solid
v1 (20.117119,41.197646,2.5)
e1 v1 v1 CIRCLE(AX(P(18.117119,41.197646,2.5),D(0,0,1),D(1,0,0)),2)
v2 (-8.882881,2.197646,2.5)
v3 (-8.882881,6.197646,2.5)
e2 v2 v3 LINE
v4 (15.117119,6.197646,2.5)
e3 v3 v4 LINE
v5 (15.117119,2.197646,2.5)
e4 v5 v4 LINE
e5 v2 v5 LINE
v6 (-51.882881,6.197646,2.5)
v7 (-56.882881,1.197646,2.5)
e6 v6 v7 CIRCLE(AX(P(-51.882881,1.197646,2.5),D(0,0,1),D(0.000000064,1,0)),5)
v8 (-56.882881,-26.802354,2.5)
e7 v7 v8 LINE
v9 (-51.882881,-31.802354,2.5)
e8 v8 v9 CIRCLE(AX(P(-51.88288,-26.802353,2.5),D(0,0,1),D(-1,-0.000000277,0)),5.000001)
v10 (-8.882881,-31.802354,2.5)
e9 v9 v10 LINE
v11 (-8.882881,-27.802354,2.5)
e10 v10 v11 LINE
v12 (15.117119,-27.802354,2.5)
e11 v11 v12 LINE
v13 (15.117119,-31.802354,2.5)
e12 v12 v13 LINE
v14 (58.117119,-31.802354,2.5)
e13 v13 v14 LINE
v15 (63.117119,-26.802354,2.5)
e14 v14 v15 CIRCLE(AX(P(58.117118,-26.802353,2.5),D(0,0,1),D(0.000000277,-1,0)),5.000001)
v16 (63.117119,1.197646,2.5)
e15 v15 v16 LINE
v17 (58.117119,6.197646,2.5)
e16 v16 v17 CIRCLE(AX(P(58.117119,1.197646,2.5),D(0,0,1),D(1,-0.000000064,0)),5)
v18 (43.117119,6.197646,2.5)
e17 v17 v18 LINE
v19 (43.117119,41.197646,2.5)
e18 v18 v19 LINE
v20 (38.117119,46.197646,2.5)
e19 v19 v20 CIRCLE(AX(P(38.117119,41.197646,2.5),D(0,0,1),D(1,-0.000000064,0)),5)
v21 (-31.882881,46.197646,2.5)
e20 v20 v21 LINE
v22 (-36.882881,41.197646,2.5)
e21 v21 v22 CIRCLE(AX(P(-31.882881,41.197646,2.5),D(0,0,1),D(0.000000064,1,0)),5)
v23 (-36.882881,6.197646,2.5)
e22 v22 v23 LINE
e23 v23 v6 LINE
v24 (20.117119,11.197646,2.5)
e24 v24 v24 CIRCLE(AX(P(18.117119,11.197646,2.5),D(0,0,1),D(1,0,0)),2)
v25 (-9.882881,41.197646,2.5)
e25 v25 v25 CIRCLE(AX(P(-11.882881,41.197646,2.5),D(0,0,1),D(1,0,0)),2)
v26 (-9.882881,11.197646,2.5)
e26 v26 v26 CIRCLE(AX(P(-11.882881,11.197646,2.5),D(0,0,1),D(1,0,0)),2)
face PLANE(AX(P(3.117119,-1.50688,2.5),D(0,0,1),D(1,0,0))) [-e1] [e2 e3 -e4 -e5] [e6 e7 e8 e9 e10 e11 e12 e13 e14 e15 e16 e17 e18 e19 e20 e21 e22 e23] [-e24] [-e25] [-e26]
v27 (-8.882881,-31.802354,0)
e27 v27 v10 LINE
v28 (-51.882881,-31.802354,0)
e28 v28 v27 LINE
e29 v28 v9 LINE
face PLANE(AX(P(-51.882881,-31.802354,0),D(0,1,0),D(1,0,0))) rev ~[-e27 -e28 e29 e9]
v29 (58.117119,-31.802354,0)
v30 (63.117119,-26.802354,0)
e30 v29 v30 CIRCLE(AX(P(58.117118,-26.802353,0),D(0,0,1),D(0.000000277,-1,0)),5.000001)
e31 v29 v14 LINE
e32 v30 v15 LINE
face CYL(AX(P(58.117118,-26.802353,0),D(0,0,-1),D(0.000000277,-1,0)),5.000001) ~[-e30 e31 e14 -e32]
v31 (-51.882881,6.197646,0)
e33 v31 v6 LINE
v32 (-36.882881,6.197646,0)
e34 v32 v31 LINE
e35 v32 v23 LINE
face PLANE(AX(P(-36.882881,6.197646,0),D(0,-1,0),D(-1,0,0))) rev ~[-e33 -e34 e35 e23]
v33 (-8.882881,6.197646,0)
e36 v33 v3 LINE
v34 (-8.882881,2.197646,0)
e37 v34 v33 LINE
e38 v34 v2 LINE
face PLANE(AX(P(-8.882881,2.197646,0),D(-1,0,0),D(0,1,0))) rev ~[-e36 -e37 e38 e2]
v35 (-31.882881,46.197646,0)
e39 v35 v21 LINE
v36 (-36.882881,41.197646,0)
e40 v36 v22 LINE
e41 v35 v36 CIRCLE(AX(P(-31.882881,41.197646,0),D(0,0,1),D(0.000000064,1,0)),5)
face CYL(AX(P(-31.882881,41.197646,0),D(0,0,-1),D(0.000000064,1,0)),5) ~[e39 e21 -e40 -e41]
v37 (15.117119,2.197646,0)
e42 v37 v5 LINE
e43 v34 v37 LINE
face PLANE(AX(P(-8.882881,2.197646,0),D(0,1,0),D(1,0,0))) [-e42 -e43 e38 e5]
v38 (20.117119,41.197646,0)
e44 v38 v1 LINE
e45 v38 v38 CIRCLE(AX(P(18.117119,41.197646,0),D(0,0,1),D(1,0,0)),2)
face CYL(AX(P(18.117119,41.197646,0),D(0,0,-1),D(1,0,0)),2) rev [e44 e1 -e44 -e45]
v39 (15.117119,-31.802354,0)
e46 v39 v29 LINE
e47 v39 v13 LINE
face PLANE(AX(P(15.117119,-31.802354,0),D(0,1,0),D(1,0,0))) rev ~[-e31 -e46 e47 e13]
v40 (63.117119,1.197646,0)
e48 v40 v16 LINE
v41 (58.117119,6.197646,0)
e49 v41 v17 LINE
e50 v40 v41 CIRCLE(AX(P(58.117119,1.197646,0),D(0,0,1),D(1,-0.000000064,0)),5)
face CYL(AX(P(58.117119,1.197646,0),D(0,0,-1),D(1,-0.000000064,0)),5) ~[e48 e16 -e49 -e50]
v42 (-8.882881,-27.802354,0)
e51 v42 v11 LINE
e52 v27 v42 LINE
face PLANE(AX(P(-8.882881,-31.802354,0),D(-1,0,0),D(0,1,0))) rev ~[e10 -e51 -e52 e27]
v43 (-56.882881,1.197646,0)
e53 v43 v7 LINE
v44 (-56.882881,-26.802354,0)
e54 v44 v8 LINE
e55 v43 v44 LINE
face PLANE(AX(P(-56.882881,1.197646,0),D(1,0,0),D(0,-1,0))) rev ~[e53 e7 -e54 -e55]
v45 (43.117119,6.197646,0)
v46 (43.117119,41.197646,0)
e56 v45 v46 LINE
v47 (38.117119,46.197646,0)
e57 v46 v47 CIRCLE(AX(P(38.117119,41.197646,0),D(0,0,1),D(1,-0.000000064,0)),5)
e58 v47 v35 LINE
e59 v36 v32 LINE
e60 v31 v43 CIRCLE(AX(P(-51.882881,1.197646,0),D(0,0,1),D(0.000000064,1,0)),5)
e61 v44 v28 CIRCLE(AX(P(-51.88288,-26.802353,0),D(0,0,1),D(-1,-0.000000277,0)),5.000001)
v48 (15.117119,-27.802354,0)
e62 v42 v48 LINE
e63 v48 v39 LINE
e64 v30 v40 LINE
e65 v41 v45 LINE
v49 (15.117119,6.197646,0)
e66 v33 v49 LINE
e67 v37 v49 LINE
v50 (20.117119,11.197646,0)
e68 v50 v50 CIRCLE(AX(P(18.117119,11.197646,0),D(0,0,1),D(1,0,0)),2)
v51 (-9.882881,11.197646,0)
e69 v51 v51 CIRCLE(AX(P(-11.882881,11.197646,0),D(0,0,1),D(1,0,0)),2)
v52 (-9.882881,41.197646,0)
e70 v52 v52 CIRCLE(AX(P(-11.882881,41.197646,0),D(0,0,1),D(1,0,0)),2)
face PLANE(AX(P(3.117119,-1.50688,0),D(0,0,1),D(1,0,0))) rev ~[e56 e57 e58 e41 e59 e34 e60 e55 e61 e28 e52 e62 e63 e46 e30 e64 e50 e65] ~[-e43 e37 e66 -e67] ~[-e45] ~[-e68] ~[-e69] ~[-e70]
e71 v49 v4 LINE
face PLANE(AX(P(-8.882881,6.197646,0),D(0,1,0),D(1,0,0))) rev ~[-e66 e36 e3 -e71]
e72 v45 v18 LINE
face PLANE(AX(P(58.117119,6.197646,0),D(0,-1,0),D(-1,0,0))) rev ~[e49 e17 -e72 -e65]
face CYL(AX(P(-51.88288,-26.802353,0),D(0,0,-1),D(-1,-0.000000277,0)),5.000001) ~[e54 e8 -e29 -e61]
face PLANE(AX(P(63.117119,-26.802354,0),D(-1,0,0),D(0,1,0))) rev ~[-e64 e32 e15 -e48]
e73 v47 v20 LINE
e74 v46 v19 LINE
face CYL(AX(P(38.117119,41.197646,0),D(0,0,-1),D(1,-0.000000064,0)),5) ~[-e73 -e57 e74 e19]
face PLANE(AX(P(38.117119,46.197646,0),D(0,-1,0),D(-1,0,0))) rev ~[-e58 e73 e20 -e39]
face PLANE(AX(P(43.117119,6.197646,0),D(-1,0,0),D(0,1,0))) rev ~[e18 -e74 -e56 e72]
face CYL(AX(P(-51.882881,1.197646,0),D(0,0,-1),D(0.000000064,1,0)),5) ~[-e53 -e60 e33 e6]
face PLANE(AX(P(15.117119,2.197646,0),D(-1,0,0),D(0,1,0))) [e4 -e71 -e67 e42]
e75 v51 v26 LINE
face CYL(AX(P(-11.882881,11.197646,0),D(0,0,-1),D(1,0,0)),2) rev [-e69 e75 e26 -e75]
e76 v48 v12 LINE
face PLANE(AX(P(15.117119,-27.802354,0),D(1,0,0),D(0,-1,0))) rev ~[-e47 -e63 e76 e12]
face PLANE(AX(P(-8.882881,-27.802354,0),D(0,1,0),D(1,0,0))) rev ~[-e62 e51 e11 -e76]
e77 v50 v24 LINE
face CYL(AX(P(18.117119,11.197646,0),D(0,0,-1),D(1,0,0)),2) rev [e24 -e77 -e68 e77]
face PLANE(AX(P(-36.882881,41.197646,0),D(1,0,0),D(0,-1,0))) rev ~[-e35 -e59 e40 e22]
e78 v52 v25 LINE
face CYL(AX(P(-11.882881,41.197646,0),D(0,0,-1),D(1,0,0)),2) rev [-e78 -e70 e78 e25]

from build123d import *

# Parameters (mm, degrees)
F0_W     = 24
F0_H     = 4
F0_R     = 2
F1_DEPTH = 2.5


with BuildPart() as f1:
    # F0 (on Top) → F1 (new body)
    with BuildSketch(Plane.XY):
        with BuildLine():
            Line((-36.882881, 6.197646), (-51.882881, 6.197646))
            ThreePointArc((-51.882881, 6.197646), (-55.418415, 4.73318), (-56.882881, 1.197646))
            Line((-56.882881, 1.197646), (-56.882881, -26.802354))
            ThreePointArc((-56.882881, -26.802354), (-55.418415, -30.337887), (-51.882881, -31.802354))
            Line((-51.882881, -31.802354), (-8.882881, -31.802354))
            Line((-8.882881, -31.802354), (-8.882881, -27.802354))
            Line((-8.882881, -27.802354), (15.117119, -27.802354))
            Line((15.117119, -27.802354), (15.117119, -31.802354))
            Line((15.117119, -31.802354), (58.117119, -31.802354))
            ThreePointArc((58.117119, -31.802354), (61.652653, -30.337887), (63.117119, -26.802354))
            Line((63.117119, -26.802354), (63.117119, 1.197646))
            ThreePointArc((63.117119, 1.197646), (61.652653, 4.73318), (58.117119, 6.197646))
            Line((58.117119, 6.197646), (43.117119, 6.197646))
            Line((43.117119, 6.197646), (23.117119, 6.197646))
            Line((23.117119, 6.197646), (23.117119, 41.197646))
            ThreePointArc((23.117119, 41.197646), (21.652653, 44.73318), (18.117119, 46.197646))
            Line((18.117119, 46.197646), (-11.882881, 46.197646))
            ThreePointArc((-11.882881, 46.197646), (-15.418415, 44.73318), (-16.882881, 41.197646))
            Line((-16.882881, 41.197646), (-16.882881, 6.197646))
            Line((-16.882881, 6.197646), (-36.882881, 6.197646))
        make_face()
        with Locations((3.117119, 4.197646)):
            Rectangle(F0_W, F0_H, mode=Mode.SUBTRACT)
        with Locations((-11.882881, 11.197646)):
            Circle(F0_R, mode=Mode.SUBTRACT)
        with Locations((-11.882881, 41.197646)):
            Circle(F0_R, mode=Mode.SUBTRACT)
        with Locations((18.117119, 11.197646)):
            Circle(F0_R, mode=Mode.SUBTRACT)
        with Locations((18.117119, 41.197646)):
            Circle(F0_R, mode=Mode.SUBTRACT)
        with BuildLine():
            Line((-36.882881, 41.197646), (-36.882881, 6.197646))
            Line((-36.882881, 6.197646), (-16.882881, 6.197646))
            Line((-16.882881, 6.197646), (-16.882881, 41.197646))
            ThreePointArc((-16.882881, 41.197646), (-15.418415, 44.73318), (-11.882881, 46.197646))
            Line((-11.882881, 46.197646), (-16.882881, 46.197646))
            Line((-16.882881, 46.197646), (-31.882881, 46.197646))
            ThreePointArc((-31.882881, 46.197646), (-35.418415, 44.73318), (-36.882881, 41.197646))
        make_face()
        with BuildLine():
            Line((23.117119, 46.197646), (18.117119, 46.197646))
            ThreePointArc((18.117119, 46.197646), (21.652653, 44.73318), (23.117119, 41.197646))
            Line((23.117119, 41.197646), (23.117119, 6.197646))
            Line((23.117119, 6.197646), (43.117119, 6.197646))
            Line((43.117119, 6.197646), (43.117119, 41.197646))
            ThreePointArc((43.117119, 41.197646), (41.652653, 44.73318), (38.117119, 46.197646))
            Line((38.117119, 46.197646), (23.117119, 46.197646))
        make_face()
    extrude(amount=F1_DEPTH)


solid = f1.part
